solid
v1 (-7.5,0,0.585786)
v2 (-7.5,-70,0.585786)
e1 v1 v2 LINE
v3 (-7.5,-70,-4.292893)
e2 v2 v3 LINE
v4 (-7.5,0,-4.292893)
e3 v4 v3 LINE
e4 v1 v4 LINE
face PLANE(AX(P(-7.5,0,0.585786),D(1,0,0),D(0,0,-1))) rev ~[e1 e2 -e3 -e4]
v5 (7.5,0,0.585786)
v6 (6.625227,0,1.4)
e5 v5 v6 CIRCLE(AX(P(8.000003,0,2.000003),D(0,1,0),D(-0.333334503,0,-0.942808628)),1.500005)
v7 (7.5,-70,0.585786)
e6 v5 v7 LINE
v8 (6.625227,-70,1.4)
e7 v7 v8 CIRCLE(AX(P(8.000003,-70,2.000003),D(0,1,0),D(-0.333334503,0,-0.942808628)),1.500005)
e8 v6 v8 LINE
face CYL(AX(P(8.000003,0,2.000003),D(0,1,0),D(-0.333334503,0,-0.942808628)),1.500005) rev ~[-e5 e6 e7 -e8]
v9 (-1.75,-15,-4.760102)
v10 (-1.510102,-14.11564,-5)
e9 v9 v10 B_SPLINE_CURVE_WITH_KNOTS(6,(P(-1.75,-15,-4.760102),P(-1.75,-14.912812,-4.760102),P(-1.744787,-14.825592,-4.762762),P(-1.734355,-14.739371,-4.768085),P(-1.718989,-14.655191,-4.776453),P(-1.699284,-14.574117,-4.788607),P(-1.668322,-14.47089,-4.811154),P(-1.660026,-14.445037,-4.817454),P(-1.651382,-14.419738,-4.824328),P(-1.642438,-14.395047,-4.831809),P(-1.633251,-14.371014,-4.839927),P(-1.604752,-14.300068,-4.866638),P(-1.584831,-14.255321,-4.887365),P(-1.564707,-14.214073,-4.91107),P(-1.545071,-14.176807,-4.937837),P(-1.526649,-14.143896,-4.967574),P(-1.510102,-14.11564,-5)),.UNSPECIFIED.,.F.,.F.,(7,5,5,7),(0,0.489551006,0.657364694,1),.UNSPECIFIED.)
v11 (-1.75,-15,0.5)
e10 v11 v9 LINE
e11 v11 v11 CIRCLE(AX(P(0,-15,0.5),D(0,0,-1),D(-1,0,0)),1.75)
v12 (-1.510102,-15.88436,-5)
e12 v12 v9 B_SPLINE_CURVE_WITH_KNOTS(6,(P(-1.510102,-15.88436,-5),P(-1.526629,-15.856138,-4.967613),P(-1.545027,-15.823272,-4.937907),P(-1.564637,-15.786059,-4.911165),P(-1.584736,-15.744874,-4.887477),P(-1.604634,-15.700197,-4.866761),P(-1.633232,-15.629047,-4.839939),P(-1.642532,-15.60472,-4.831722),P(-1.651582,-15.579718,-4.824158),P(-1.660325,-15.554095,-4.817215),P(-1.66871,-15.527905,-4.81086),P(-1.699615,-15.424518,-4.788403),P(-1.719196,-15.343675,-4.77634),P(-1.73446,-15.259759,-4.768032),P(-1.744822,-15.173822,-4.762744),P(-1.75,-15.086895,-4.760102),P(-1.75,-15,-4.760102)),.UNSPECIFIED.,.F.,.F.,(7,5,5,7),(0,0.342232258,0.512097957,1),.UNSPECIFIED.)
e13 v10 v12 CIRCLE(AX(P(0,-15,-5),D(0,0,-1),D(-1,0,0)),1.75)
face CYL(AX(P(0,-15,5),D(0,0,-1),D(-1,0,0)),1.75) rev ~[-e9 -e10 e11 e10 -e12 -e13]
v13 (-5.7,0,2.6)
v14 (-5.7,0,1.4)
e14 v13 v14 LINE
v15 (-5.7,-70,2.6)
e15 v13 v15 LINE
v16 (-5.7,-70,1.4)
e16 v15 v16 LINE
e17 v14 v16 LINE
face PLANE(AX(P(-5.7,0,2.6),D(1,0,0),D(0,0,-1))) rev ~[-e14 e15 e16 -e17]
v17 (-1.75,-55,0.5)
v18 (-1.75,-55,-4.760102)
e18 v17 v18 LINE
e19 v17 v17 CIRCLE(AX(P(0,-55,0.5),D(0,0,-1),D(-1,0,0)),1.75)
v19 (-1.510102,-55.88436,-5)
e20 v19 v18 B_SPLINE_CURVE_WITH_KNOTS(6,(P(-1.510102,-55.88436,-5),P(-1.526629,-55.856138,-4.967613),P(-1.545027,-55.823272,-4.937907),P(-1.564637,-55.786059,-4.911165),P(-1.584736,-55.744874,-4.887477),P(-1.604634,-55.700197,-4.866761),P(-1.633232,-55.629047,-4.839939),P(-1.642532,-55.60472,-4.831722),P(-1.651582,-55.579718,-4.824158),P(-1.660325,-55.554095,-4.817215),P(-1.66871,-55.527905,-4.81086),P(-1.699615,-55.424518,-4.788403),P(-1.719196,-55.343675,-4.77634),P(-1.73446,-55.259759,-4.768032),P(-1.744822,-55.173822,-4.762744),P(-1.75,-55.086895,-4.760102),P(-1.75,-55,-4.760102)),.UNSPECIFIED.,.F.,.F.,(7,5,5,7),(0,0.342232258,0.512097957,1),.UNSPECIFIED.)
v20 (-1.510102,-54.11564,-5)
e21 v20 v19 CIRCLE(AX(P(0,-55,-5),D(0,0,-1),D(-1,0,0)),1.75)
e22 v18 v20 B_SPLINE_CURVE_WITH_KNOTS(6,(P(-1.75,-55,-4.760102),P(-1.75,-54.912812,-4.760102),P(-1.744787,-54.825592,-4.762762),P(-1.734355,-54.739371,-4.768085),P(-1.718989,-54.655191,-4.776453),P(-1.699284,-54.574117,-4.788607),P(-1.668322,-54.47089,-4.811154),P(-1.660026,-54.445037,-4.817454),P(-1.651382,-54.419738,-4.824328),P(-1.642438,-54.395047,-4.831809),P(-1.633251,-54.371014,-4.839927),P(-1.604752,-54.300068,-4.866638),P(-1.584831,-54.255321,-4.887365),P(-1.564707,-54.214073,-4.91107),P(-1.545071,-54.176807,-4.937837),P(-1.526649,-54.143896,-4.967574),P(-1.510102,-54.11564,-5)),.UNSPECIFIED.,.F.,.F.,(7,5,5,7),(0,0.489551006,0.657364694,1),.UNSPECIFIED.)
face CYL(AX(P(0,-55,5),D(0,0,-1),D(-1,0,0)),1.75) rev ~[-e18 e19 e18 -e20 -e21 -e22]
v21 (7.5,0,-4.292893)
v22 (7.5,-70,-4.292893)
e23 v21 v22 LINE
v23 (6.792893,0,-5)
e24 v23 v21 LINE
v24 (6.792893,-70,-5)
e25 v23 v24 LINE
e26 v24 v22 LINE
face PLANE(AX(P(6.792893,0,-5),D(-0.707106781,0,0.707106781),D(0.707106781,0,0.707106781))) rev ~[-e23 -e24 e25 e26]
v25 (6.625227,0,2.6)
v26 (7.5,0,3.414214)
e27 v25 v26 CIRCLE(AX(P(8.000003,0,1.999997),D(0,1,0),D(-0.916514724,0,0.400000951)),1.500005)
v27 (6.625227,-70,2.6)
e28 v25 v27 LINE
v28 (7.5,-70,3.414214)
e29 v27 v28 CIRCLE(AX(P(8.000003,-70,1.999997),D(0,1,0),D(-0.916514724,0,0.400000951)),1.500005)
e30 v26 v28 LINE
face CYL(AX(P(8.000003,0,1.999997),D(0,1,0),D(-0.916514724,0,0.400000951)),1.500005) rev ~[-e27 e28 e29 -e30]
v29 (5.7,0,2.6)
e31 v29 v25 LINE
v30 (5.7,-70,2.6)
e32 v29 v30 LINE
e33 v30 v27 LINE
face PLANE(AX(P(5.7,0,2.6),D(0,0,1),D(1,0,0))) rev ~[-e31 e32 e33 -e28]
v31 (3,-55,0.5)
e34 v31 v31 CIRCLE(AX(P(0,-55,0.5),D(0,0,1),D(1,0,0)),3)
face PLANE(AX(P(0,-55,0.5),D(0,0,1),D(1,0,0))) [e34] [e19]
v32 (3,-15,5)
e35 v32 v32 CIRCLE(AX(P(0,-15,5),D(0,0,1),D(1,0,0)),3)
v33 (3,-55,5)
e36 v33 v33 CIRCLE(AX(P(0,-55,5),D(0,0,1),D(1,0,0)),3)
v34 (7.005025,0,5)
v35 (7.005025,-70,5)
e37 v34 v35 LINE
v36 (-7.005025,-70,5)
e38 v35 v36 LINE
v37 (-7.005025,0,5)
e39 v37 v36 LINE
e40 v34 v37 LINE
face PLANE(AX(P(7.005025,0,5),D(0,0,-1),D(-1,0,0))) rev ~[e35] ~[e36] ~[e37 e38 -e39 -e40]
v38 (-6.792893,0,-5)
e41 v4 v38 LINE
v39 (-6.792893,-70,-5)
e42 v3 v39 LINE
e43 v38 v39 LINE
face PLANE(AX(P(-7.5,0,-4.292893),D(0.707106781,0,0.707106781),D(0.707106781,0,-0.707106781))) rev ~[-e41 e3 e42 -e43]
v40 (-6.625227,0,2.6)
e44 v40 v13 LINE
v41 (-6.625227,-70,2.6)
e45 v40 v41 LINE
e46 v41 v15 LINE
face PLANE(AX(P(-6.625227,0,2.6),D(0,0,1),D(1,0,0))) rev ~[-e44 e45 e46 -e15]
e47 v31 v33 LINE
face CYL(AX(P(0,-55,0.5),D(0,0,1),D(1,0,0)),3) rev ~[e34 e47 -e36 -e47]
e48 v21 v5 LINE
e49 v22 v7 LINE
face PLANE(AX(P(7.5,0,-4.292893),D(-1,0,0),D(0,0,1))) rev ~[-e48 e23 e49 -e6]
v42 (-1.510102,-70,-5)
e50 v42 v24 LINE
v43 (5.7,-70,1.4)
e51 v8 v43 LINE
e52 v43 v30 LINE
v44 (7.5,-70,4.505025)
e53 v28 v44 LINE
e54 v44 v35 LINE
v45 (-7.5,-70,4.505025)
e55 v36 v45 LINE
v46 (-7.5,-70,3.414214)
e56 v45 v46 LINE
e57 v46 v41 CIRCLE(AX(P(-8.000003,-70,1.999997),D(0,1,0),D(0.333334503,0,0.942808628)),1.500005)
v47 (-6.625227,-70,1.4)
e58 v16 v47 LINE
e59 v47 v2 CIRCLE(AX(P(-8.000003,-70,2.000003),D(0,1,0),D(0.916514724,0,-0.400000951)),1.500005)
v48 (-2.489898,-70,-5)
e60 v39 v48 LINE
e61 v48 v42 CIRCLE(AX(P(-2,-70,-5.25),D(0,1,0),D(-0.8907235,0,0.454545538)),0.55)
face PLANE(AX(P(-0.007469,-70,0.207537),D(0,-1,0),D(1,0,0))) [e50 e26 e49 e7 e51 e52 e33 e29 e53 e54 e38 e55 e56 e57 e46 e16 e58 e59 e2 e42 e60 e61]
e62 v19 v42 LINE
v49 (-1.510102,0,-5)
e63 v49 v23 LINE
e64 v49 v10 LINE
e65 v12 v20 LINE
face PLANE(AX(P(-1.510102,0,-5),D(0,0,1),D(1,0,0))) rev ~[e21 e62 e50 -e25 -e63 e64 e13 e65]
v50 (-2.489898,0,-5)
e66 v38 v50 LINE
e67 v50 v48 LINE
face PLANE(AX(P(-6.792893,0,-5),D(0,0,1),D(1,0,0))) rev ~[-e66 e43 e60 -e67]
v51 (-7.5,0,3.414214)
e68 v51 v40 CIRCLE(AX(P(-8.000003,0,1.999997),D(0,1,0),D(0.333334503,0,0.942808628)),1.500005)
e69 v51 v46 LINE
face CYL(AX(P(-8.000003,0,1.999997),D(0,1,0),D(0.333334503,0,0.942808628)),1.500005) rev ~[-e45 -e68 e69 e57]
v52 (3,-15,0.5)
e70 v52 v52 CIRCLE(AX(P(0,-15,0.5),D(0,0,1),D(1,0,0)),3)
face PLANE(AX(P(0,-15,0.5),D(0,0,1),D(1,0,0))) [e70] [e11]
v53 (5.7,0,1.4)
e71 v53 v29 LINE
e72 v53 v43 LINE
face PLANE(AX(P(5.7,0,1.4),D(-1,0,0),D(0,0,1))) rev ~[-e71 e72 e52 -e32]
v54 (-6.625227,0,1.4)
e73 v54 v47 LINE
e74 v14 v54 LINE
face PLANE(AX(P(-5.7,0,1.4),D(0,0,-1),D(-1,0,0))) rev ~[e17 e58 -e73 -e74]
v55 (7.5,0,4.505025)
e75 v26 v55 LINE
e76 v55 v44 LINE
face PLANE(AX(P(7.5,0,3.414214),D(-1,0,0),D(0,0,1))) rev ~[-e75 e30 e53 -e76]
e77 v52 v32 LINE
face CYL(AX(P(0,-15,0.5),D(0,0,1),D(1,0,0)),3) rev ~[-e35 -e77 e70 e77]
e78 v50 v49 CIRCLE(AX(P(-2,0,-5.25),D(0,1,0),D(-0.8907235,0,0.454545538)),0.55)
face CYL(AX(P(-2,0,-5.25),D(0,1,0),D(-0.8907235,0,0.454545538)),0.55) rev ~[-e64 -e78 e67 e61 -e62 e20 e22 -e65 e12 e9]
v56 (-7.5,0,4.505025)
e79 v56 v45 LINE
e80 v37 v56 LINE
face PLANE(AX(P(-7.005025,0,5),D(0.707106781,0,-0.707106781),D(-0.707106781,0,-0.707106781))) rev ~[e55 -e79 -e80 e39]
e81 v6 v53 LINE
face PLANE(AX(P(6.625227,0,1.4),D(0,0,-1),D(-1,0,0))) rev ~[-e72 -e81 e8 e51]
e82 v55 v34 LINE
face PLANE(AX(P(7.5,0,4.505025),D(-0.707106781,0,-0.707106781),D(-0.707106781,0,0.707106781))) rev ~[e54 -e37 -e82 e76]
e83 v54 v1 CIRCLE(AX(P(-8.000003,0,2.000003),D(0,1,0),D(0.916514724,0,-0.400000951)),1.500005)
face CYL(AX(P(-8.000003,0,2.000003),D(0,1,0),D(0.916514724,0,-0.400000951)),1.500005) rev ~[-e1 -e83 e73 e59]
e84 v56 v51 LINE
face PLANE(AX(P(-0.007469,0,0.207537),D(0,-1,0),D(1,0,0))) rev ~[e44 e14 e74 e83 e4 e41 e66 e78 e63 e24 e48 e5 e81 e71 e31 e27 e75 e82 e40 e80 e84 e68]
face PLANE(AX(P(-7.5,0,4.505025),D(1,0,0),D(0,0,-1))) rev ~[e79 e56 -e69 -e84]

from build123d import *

# Parameters (mm, degrees)
F1_DEPTH       = 70
F3_D           = 3.5
F3_CBORE_D     = 6
F3_CBORE_DEPTH = 4.5


with BuildPart() as f1:
    # F0 (on Front) → F1 (new body)
    with BuildSketch(Plane.XZ):
        with BuildLine():
            Line((-1.510102, -5), (6.792893, -5))
            Line((6.792893, -5), (7.5, -4.292893))
            Line((7.5, -4.292893), (7.5, 0.585786))
            ThreePointArc((7.5, 0.585786), (6.978027, 0.902015), (6.625227, 1.4))
            Line((6.625227, 1.4), (5.7, 1.4))
            Line((5.7, 1.4), (5.7, 2.6))
            Line((5.7, 2.6), (6.625227, 2.6))
            ThreePointArc((6.625227, 2.6), (6.978027, 3.097985), (7.5, 3.414214))
            Line((7.5, 3.414214), (7.5, 4.505025))
            Line((7.5, 4.505025), (7.005025, 5))
            Line((7.005025, 5), (-7.005025, 5))
            Line((-7.005025, 5), (-7.5, 4.505025))
            Line((-7.5, 4.505025), (-7.5, 3.414214))
            ThreePointArc((-7.5, 3.414214), (-6.978027, 3.097985), (-6.625227, 2.6))
            Line((-6.625227, 2.6), (-5.7, 2.6))
            Line((-5.7, 2.6), (-5.7, 1.4))
            Line((-5.7, 1.4), (-6.625227, 1.4))
            ThreePointArc((-6.625227, 1.4), (-6.978027, 0.902015), (-7.5, 0.585786))
            Line((-7.5, 0.585786), (-7.5, -4.292893))
            Line((-7.5, -4.292893), (-6.792893, -5))
            Line((-6.792893, -5), (-2.489898, -5))
            ThreePointArc((-2.489898, -5), (-2, -4.7), (-1.510102, -5))
        make_face()
    extrude(amount=F1_DEPTH)

    # F3 (through all)
    with Locations(Plane.XY.offset(5)):
        with Locations((0, -95), (0, -215), (0, -295), (0, -55), (0, -335), (0, -15), (0, -175), (0, -255), (0, -135), (0, -855), (0, -455), (0, -895), (0, -815), (0, -655), (0, -775), (0, -935), (0, -615), (0, -735), (0, -535), (0, -695), (0, -375), (0, -575), (0, -495), (0, -415), (0, -1175), (0, -1375), (0, -1215), (0, -1615), (0, -1095), (0, -1135), (0, -1655), (0, -1255), (0, -1055), (0, -1295), (0, -975), (0, -1535), (0, -1415), (0, -1695), (0, -1335), (0, -1575), (0, -1495), (0, -1015), (0, -1455), (0, -1895), (0, -1775), (0, -1735), (0, -1975), (0, -1935), (0, -1815), (0, -1855)):
            CounterBoreHole(F3_D / 2, F3_CBORE_D / 2, F3_CBORE_DEPTH)


solid = f1.part
